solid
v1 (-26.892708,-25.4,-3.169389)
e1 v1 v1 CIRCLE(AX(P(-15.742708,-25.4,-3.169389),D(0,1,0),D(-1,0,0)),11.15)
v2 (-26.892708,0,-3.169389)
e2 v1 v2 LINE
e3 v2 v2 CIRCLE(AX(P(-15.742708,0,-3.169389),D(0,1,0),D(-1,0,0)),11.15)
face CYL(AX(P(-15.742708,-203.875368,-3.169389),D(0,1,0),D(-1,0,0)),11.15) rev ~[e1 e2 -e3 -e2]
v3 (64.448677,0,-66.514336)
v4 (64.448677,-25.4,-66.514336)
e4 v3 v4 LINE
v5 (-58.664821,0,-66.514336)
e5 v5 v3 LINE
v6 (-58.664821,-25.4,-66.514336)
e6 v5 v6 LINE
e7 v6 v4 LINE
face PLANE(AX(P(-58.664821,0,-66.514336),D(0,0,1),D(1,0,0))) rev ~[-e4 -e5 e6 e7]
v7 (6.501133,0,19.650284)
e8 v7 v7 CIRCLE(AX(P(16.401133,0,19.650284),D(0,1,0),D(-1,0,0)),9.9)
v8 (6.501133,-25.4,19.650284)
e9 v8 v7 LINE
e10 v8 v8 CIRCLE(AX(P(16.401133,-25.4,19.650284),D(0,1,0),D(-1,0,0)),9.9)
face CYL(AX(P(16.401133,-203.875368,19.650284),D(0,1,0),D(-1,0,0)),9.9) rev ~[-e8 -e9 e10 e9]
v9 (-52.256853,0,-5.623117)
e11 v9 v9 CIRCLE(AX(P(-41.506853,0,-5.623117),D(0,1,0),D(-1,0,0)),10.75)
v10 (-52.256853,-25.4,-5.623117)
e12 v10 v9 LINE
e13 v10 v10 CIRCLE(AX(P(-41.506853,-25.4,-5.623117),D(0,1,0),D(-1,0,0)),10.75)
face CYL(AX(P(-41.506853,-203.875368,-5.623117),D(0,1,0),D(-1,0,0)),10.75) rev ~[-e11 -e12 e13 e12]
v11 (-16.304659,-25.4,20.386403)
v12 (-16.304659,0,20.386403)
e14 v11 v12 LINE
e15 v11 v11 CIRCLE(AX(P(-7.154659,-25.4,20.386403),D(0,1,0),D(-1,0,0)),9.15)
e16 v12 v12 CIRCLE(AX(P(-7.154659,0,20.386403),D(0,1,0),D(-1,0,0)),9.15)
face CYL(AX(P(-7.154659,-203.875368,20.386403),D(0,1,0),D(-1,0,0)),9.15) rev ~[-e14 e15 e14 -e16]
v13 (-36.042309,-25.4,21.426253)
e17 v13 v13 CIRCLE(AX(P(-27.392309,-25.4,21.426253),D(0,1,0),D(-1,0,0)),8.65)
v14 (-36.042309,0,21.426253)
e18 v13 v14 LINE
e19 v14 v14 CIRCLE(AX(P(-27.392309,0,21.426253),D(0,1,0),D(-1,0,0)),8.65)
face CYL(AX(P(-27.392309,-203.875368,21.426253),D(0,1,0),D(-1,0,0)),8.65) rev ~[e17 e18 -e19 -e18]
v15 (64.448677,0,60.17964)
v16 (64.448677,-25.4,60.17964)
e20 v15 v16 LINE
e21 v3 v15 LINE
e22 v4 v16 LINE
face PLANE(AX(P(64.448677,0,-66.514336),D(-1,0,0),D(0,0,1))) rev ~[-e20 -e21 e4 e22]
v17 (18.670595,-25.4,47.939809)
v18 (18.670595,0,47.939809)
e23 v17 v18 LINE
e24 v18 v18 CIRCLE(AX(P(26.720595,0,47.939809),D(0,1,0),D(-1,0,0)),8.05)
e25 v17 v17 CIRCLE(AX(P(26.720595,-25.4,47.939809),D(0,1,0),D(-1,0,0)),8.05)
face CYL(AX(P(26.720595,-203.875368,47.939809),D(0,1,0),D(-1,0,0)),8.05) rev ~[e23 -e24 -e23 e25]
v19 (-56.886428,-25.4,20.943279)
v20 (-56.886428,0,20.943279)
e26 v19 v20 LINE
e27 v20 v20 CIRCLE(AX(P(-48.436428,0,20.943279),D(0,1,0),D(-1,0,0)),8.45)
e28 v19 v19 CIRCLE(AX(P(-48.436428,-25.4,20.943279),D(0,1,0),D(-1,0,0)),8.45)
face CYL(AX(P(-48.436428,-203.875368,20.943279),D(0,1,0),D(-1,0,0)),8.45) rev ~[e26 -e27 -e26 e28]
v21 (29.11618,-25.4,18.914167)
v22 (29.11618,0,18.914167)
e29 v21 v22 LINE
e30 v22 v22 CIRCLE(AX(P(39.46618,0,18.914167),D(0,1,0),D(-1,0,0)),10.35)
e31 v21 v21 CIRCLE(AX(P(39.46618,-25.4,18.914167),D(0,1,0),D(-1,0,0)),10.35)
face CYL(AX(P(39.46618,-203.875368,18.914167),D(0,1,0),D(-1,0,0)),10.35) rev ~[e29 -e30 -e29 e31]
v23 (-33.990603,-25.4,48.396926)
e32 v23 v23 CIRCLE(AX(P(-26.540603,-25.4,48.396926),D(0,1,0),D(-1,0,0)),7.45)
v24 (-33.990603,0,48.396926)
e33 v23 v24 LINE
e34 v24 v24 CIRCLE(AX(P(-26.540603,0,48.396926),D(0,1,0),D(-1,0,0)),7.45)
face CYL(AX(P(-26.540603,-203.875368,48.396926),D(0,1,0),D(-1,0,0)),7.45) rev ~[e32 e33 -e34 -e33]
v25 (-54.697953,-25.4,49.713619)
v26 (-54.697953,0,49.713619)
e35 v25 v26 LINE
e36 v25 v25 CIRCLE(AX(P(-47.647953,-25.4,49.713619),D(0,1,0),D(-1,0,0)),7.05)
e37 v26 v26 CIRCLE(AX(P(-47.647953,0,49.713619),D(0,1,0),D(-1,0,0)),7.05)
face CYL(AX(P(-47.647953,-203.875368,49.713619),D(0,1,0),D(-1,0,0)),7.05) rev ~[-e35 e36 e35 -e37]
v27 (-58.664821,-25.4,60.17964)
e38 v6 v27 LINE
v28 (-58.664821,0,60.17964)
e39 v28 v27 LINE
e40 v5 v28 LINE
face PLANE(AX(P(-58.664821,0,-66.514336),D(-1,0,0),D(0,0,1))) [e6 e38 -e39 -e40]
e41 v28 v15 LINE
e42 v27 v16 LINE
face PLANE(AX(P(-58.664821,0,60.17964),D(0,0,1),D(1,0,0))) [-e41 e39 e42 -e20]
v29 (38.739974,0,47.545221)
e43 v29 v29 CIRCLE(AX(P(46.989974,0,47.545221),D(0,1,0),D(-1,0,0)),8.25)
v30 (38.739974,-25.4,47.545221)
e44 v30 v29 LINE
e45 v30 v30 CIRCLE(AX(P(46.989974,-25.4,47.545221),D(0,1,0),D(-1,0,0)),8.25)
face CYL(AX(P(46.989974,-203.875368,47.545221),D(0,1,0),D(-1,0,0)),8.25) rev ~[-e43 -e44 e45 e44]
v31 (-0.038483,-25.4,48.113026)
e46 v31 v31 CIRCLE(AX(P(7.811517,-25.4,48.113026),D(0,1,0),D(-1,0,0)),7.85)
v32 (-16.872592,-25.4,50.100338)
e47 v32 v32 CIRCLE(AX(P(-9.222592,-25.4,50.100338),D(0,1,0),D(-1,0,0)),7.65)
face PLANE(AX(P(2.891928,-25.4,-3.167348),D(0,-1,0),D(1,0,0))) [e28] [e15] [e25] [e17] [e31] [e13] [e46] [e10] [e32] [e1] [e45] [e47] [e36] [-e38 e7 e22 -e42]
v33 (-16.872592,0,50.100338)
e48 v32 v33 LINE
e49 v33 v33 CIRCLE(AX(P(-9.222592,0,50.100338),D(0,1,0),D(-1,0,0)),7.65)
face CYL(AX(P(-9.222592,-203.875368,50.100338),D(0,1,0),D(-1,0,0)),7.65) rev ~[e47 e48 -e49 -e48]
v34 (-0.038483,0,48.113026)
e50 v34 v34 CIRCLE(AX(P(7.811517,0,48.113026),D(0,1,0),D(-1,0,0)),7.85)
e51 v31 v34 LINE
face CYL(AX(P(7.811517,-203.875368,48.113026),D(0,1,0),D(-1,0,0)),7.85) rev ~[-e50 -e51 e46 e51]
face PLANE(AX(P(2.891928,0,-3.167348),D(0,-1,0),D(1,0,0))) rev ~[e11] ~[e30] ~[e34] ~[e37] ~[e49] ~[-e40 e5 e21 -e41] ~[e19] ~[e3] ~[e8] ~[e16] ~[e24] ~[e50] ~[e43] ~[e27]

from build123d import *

# Parameters (mm, degrees)
F0_W     = 123.113498
F0_H     = 126.693976
F1_DEPTH = 25.4
F3_D     = 14.1
F4_D     = 14.9
F5_D     = 15.3
F6_D     = 15.7
F7_D     = 16.1
F8_D     = 16.5
F9_D     = 16.9
F10_D    = 17.3
F11_D    = 18.3
F12_D    = 19.8
F13_D    = 20.7
F14_D    = 21.5
F15_D    = 22.3


with BuildPart() as f1:
    # F0 (on Front) → F1 (new body)
    with BuildSketch(Plane.XZ):
        with Locations((2.891928, -3.167348)):
            Rectangle(F0_W, F0_H)
    extrude(amount=F1_DEPTH)

    # F3 (through all)
    with Locations(Plane.XZ.offset(25.4)):
        with Locations((-47.647953, 49.713619)):
            Hole(F3_D / 2)

    # F4 (through all)
    with Locations(Plane.XZ.offset(25.4)):
        with Locations((-26.540603, 48.396926)):
            Hole(F4_D / 2)

    # F5 (through all)
    with Locations(Plane.XZ.offset(25.4)):
        with Locations((-9.222592, 50.100338)):
            Hole(F5_D / 2)

    # F6 (through all)
    with Locations(Plane.XZ.offset(25.4)):
        with Locations((7.811517, 48.113026)):
            Hole(F6_D / 2)

    # F7 (through all)
    with Locations(Plane.XZ.offset(25.4)):
        with Locations((26.720595, 47.939809)):
            Hole(F7_D / 2)

    # F8 (through all)
    with Locations(Plane.XZ.offset(25.4)):
        with Locations((46.989974, 47.545221)):
            Hole(F8_D / 2)

    # F9 (through all)
    with Locations(Plane.XZ.offset(25.4)):
        with Locations((-48.436428, 20.943279)):
            Hole(F9_D / 2)

    # F10 (through all)
    with Locations(Plane.XZ.offset(25.4)):
        with Locations((-27.392309, 21.426253)):
            Hole(F10_D / 2)

    # F11 (through all)
    with Locations(Plane.XZ.offset(25.4)):
        with Locations((-7.154659, 20.386403)):
            Hole(F11_D / 2)

    # F12 (through all)
    with Locations(Plane.XZ.offset(25.4)):
        with Locations((16.401133, 19.650284)):
            Hole(F12_D / 2)

    # F13 (through all)
    with Locations(Plane.XZ.offset(25.4)):
        with Locations((39.46618, 18.914167)):
            Hole(F13_D / 2)

    # F14 (through all)
    with Locations(Plane.XZ.offset(25.4)):
        with Locations((-41.506853, -5.623117)):
            Hole(F14_D / 2)

    # F15 (through all)
    with Locations(Plane.XZ.offset(25.4)):
        with Locations((-15.742708, -3.169389)):
            Hole(F15_D / 2)


solid = f1.part
